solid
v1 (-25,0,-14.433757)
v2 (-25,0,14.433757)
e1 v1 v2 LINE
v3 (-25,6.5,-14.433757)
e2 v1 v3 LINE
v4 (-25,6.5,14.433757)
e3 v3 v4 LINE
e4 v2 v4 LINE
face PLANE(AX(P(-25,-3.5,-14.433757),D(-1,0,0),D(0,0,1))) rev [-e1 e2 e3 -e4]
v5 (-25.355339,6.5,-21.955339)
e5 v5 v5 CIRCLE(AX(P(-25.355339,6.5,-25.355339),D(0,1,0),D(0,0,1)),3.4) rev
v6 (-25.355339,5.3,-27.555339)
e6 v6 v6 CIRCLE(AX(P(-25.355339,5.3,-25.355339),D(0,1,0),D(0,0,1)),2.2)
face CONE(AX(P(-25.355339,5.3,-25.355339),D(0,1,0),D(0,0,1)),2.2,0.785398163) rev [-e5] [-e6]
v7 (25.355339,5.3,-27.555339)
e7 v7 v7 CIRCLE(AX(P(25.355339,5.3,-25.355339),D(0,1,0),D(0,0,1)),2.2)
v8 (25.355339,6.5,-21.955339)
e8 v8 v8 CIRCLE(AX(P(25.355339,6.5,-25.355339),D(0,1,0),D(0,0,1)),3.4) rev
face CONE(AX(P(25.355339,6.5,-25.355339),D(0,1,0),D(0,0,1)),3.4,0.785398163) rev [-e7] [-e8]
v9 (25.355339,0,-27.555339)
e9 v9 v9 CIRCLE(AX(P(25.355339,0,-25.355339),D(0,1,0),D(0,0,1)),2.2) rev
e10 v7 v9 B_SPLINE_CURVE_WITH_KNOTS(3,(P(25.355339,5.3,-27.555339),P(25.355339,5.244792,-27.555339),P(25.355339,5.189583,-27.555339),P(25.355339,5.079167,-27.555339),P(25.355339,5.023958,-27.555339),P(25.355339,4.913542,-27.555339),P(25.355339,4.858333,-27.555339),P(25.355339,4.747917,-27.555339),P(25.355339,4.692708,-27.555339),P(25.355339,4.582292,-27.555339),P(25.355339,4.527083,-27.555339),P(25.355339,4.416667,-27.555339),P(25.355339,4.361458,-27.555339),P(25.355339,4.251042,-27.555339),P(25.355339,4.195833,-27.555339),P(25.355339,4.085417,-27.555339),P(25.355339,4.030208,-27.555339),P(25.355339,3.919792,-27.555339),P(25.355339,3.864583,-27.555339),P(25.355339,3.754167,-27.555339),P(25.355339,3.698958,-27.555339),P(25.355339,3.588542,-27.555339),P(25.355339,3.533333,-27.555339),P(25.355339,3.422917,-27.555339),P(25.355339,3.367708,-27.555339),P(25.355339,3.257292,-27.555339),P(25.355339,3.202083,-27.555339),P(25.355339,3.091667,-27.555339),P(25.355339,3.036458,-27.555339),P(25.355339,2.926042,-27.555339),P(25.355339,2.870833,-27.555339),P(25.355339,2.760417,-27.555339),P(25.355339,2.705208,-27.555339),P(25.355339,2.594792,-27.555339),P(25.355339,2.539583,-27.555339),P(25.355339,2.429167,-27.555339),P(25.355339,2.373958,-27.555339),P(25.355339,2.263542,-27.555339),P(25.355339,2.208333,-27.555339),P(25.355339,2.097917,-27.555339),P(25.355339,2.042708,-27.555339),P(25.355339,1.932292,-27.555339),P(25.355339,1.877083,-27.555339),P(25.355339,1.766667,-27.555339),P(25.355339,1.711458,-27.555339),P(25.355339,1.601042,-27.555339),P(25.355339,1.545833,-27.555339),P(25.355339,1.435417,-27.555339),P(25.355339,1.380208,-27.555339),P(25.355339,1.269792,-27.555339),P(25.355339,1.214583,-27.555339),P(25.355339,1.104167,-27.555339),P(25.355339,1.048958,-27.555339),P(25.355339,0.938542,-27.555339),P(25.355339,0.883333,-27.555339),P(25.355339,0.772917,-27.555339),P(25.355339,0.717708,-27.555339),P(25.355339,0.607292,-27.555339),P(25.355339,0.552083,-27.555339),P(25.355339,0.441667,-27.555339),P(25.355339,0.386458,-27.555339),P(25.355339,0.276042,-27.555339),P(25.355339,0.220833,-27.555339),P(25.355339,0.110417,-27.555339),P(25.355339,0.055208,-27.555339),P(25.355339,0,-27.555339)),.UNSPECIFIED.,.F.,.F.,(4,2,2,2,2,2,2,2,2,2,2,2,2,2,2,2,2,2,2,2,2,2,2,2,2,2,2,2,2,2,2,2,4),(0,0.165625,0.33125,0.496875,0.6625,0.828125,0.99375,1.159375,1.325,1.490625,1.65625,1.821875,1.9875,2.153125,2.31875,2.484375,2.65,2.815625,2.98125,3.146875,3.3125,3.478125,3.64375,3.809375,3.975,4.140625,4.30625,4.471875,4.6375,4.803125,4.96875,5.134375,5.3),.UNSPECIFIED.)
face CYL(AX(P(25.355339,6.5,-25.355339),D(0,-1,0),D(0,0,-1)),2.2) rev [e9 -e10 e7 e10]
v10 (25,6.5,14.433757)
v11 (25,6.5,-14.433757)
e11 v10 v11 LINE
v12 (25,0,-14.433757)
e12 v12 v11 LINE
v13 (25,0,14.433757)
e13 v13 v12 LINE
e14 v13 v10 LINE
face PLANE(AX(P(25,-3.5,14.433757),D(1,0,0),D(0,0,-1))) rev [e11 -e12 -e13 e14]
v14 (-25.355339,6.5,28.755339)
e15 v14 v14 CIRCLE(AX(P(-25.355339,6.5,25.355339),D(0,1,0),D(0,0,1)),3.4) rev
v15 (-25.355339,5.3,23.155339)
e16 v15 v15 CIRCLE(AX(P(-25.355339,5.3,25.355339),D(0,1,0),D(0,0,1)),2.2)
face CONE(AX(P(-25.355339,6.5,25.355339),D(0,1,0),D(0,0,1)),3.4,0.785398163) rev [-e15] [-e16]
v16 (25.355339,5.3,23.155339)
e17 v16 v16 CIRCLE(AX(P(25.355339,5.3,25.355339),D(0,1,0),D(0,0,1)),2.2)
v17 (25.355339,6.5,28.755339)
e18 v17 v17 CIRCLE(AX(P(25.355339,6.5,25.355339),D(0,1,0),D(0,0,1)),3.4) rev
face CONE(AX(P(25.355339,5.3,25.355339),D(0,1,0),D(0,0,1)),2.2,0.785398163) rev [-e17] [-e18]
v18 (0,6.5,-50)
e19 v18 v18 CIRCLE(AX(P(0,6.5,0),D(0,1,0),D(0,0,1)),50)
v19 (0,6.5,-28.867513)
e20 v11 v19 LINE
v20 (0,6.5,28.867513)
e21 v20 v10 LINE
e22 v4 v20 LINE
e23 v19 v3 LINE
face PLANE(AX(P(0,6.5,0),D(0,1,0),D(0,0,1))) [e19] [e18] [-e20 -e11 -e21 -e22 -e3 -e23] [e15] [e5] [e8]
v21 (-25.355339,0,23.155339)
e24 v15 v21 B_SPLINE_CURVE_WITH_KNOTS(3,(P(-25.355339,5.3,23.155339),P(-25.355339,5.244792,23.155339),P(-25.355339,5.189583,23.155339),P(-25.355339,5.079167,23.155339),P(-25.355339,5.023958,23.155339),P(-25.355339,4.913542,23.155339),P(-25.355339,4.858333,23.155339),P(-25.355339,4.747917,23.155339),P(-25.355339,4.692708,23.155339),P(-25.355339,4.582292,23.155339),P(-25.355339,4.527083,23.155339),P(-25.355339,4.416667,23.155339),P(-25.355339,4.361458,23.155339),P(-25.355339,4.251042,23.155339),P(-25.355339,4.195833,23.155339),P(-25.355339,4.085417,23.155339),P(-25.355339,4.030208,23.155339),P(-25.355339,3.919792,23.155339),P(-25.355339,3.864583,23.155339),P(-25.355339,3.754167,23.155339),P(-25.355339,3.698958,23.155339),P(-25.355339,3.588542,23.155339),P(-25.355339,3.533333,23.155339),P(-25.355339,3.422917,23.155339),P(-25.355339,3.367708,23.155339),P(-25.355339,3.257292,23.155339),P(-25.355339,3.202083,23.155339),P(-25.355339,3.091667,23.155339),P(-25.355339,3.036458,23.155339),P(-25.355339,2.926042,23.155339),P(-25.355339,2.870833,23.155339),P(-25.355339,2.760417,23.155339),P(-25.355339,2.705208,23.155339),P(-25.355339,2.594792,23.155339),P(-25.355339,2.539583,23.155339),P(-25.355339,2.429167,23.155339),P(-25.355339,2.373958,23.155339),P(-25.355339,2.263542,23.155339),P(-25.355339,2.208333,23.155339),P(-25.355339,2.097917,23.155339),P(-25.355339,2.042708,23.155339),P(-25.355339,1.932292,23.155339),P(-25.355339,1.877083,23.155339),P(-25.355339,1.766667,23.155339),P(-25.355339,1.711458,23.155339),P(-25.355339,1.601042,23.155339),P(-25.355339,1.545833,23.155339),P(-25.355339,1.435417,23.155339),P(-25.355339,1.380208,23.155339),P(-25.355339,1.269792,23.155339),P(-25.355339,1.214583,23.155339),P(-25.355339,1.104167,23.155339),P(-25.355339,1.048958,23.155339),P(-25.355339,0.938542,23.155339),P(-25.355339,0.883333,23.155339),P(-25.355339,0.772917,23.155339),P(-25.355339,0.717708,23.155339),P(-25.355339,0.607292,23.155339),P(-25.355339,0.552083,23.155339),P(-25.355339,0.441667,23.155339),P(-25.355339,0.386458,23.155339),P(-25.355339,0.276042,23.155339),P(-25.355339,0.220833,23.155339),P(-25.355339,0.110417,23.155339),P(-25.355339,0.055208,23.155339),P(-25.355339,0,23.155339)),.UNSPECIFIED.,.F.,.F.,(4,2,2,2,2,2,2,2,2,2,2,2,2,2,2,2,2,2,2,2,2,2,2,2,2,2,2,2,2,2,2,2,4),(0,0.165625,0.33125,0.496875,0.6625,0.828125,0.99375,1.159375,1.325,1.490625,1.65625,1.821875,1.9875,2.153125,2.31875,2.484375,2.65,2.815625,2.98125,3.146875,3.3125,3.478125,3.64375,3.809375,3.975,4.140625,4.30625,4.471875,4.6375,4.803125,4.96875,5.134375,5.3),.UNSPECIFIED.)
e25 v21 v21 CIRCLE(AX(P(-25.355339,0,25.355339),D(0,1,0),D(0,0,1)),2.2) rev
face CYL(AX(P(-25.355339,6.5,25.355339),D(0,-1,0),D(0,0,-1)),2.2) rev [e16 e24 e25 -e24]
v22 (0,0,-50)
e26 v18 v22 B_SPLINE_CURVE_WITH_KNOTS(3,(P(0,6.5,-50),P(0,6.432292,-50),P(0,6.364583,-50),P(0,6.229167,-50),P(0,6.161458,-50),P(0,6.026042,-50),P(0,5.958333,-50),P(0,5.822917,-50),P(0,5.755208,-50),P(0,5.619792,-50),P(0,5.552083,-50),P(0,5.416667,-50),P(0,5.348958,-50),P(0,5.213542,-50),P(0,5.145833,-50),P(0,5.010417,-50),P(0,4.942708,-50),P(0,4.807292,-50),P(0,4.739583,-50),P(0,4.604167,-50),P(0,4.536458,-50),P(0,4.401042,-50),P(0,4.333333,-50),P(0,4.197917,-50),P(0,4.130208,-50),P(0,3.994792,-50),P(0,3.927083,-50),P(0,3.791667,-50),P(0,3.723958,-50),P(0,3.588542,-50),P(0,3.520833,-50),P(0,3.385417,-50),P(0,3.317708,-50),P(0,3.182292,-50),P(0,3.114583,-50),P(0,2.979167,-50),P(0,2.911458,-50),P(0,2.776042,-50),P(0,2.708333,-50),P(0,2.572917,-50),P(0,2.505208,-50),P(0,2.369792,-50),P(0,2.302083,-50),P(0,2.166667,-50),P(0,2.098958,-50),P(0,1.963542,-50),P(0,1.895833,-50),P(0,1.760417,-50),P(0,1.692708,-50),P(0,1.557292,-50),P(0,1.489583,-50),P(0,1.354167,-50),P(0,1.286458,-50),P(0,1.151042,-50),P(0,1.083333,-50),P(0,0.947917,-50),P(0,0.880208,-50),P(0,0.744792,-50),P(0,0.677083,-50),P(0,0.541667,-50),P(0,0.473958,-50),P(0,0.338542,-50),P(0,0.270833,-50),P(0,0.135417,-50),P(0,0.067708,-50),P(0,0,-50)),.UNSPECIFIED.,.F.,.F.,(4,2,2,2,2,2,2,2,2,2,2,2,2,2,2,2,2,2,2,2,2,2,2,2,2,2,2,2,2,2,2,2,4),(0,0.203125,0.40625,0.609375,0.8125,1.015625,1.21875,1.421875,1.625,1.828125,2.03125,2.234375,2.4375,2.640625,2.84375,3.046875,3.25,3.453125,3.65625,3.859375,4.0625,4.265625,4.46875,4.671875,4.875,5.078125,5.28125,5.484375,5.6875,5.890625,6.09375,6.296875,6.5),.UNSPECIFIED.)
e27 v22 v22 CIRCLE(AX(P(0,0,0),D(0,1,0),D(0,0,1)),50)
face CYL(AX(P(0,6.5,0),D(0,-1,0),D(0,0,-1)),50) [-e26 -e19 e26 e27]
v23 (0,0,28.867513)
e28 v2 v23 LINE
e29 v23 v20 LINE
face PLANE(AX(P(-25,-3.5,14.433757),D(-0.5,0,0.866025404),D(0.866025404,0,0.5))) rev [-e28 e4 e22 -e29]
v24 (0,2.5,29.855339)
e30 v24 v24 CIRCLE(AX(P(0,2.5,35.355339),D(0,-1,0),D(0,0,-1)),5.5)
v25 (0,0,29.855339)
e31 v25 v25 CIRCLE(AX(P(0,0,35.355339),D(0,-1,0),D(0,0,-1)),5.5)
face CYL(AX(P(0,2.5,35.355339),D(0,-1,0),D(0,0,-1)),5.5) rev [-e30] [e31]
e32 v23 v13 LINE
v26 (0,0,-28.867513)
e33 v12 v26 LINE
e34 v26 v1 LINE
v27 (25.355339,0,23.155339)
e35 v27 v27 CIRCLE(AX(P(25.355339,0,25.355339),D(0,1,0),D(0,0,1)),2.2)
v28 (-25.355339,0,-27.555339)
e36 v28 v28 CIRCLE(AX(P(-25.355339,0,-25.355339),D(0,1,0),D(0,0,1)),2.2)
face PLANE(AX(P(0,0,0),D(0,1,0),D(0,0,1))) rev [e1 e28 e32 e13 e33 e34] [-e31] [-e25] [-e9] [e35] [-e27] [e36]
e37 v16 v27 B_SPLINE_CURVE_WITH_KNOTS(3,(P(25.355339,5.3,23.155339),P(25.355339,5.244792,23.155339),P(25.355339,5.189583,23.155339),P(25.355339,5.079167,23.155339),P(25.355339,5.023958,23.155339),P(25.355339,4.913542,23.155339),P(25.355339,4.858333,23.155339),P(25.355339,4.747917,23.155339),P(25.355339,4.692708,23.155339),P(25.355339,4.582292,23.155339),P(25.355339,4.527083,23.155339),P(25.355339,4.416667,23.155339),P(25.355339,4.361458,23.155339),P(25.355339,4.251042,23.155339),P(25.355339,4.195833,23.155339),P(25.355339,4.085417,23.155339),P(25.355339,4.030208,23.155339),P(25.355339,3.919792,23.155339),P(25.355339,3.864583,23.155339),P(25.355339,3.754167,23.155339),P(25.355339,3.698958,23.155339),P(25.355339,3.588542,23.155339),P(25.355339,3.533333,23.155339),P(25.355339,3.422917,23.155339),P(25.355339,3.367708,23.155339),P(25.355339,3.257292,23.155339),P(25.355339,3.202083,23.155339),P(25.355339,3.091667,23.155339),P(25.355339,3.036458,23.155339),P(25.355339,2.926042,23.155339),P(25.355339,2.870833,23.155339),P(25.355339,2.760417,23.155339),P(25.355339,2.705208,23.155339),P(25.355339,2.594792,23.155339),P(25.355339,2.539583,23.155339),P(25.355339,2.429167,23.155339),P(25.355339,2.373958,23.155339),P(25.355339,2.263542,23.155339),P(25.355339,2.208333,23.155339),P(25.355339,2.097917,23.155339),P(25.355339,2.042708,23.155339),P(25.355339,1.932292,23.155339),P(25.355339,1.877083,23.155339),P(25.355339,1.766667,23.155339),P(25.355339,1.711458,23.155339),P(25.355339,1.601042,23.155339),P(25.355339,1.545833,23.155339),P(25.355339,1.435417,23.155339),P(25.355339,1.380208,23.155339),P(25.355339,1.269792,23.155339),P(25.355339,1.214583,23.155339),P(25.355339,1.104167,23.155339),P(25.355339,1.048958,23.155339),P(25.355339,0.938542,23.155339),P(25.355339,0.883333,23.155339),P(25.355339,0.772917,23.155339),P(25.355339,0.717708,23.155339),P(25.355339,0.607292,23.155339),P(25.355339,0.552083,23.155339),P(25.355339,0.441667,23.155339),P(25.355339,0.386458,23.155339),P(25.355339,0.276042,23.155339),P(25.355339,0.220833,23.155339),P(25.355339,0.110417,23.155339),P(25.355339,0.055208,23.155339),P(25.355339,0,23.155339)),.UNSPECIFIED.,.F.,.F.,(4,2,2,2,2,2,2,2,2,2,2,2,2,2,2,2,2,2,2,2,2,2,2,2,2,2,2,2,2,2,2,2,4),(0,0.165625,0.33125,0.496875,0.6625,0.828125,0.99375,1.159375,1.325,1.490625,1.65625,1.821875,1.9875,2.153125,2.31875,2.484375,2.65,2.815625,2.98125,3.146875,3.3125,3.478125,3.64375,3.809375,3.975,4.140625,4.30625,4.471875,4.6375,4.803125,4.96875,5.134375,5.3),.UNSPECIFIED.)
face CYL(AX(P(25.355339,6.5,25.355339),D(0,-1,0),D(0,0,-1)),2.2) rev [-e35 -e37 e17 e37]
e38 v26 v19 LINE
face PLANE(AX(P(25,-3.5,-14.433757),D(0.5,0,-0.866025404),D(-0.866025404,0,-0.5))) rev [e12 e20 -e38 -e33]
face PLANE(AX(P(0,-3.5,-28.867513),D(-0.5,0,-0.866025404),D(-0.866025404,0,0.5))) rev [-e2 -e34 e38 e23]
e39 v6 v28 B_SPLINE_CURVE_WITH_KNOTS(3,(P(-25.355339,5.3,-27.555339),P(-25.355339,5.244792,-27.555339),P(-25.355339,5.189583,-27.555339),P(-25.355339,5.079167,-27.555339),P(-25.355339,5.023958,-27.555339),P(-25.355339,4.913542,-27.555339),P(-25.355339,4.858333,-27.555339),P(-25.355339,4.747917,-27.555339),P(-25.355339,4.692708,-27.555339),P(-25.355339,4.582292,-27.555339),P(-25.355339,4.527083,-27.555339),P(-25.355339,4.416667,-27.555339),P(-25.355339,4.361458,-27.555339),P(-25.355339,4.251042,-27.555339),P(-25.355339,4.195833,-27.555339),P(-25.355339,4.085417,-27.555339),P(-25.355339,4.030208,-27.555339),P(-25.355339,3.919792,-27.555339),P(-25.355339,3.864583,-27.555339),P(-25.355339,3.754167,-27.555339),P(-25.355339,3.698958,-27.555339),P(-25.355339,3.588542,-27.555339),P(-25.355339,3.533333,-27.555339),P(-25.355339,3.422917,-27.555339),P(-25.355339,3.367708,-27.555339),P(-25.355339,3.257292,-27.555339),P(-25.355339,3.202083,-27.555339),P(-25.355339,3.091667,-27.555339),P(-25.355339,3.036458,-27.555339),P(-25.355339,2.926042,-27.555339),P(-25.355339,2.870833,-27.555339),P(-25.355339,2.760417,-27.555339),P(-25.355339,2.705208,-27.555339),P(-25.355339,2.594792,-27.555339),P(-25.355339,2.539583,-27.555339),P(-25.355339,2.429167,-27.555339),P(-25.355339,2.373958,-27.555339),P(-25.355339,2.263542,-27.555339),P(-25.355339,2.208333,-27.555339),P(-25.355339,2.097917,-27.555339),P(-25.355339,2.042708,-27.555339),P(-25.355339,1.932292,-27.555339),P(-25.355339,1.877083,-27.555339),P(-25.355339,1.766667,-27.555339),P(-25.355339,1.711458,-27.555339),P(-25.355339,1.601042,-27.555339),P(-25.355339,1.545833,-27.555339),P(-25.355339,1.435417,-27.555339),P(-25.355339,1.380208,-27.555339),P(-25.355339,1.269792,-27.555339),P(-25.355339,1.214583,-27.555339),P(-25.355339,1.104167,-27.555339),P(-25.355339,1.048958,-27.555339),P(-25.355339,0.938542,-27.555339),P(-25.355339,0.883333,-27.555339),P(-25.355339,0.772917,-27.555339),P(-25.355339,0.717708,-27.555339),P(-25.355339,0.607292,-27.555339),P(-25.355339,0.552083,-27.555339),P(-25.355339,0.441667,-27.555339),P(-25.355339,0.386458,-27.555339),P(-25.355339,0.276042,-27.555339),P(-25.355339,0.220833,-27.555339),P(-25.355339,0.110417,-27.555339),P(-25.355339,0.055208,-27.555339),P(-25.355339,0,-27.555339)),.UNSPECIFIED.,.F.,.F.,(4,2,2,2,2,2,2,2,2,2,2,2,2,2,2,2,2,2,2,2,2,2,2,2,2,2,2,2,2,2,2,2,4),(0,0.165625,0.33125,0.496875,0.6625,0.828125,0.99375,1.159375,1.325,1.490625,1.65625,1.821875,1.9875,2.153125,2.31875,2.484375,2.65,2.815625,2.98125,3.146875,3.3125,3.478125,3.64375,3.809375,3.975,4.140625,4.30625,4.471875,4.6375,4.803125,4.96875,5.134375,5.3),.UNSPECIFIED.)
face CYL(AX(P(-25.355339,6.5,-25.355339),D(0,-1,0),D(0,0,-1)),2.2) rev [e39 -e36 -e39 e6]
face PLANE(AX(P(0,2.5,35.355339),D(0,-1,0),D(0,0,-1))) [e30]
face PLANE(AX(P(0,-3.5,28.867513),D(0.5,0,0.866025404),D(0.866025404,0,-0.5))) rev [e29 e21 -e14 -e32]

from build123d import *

# Parameters (mm, degrees)
SKETCH1_R           = 50
SKETCH1_R_2         = 2.2
BOSS_EXTRUDE1_DEPTH = 6.5
SKETCH1_3_R         = 50
SKETCH1_3_R_2       = 2.2
BOSS_EXTRUDE2_DEPTH = 2
SKETCH2_R           = 5.5
CUT_EXTRUDE1_DEPTH  = 2.5
CUT_EXTRUDE2_DEPTH  = 10
CHAMFER1_SIZE       = 1.2


with BuildPart() as part:
    # Sketch1 → Boss-Extrude1 (new body)
    with BuildSketch(Plane(origin=(0, 0, 0), x_dir=(1, 0, 0), z_dir=(0, 1, 0))):
        Circle(SKETCH1_R)
        with Locations((-25.355339059, -25.355339059)):
            Circle(SKETCH1_R_2, mode=Mode.SUBTRACT)
        with Locations((25.355339059, -25.355339059)):
            Circle(SKETCH1_R_2, mode=Mode.SUBTRACT)
        with Locations((-25.355339059, 25.355339059)):
            Circle(SKETCH1_R_2, mode=Mode.SUBTRACT)
        with Locations((25.355339059, 25.355339059)):
            Circle(SKETCH1_R_2, mode=Mode.SUBTRACT)
    extrude(amount=BOSS_EXTRUDE1_DEPTH)

    # Sketch1<3> → Boss-Extrude2 (add)
    with BuildSketch(Plane(origin=(0, 0, 0), x_dir=(1, 0, 0), z_dir=(0, 1, 0))):
        Circle(SKETCH1_3_R)
        with Locations((-25.355339059, -25.355339059)):
            Circle(SKETCH1_3_R_2, mode=Mode.SUBTRACT)
        with Locations((25.355339059, -25.355339059)):
            Circle(SKETCH1_3_R_2, mode=Mode.SUBTRACT)
        with Locations((-25.355339059, 25.355339059)):
            Circle(SKETCH1_3_R_2, mode=Mode.SUBTRACT)
        with Locations((25.355339059, 25.355339059)):
            Circle(SKETCH1_3_R_2, mode=Mode.SUBTRACT)
    extrude(amount=BOSS_EXTRUDE2_DEPTH)

    # Sketch2 → Cut-Extrude1 (cut)
    with BuildSketch(Plane.XZ):
        with Locations((0, 35.355339059)):
            Circle(SKETCH2_R)
    extrude(amount=-CUT_EXTRUDE1_DEPTH, mode=Mode.SUBTRACT)

    # Sketch3 → Cut-Extrude2 (cut)
    with BuildSketch(Plane(origin=(0, 6.5, 0), x_dir=(1, 0, 0), z_dir=(0, 1, 0))):
        Polygon((0, 28.867513459), (-25, 14.43375673), (-25, -14.43375673), (0, -28.867513459), (25, -14.43375673), (25, 14.43375673), align=None)
    extrude(amount=-CUT_EXTRUDE2_DEPTH, mode=Mode.SUBTRACT)

    # Chamfer1
    chamfer1_edges = [part.edges().sort_by_distance(p)[0] for p in [
        (23.155339059, 6.5, -25.355339059),
        (-27.555339059, 6.5, -25.355339059),
        (-27.555339059, 6.5, 25.355339059),
        (23.155339059, 6.5, 25.355339059),
    ]]
    chamfer(chamfer1_edges, length=CHAMFER1_SIZE)


solid = part.part
